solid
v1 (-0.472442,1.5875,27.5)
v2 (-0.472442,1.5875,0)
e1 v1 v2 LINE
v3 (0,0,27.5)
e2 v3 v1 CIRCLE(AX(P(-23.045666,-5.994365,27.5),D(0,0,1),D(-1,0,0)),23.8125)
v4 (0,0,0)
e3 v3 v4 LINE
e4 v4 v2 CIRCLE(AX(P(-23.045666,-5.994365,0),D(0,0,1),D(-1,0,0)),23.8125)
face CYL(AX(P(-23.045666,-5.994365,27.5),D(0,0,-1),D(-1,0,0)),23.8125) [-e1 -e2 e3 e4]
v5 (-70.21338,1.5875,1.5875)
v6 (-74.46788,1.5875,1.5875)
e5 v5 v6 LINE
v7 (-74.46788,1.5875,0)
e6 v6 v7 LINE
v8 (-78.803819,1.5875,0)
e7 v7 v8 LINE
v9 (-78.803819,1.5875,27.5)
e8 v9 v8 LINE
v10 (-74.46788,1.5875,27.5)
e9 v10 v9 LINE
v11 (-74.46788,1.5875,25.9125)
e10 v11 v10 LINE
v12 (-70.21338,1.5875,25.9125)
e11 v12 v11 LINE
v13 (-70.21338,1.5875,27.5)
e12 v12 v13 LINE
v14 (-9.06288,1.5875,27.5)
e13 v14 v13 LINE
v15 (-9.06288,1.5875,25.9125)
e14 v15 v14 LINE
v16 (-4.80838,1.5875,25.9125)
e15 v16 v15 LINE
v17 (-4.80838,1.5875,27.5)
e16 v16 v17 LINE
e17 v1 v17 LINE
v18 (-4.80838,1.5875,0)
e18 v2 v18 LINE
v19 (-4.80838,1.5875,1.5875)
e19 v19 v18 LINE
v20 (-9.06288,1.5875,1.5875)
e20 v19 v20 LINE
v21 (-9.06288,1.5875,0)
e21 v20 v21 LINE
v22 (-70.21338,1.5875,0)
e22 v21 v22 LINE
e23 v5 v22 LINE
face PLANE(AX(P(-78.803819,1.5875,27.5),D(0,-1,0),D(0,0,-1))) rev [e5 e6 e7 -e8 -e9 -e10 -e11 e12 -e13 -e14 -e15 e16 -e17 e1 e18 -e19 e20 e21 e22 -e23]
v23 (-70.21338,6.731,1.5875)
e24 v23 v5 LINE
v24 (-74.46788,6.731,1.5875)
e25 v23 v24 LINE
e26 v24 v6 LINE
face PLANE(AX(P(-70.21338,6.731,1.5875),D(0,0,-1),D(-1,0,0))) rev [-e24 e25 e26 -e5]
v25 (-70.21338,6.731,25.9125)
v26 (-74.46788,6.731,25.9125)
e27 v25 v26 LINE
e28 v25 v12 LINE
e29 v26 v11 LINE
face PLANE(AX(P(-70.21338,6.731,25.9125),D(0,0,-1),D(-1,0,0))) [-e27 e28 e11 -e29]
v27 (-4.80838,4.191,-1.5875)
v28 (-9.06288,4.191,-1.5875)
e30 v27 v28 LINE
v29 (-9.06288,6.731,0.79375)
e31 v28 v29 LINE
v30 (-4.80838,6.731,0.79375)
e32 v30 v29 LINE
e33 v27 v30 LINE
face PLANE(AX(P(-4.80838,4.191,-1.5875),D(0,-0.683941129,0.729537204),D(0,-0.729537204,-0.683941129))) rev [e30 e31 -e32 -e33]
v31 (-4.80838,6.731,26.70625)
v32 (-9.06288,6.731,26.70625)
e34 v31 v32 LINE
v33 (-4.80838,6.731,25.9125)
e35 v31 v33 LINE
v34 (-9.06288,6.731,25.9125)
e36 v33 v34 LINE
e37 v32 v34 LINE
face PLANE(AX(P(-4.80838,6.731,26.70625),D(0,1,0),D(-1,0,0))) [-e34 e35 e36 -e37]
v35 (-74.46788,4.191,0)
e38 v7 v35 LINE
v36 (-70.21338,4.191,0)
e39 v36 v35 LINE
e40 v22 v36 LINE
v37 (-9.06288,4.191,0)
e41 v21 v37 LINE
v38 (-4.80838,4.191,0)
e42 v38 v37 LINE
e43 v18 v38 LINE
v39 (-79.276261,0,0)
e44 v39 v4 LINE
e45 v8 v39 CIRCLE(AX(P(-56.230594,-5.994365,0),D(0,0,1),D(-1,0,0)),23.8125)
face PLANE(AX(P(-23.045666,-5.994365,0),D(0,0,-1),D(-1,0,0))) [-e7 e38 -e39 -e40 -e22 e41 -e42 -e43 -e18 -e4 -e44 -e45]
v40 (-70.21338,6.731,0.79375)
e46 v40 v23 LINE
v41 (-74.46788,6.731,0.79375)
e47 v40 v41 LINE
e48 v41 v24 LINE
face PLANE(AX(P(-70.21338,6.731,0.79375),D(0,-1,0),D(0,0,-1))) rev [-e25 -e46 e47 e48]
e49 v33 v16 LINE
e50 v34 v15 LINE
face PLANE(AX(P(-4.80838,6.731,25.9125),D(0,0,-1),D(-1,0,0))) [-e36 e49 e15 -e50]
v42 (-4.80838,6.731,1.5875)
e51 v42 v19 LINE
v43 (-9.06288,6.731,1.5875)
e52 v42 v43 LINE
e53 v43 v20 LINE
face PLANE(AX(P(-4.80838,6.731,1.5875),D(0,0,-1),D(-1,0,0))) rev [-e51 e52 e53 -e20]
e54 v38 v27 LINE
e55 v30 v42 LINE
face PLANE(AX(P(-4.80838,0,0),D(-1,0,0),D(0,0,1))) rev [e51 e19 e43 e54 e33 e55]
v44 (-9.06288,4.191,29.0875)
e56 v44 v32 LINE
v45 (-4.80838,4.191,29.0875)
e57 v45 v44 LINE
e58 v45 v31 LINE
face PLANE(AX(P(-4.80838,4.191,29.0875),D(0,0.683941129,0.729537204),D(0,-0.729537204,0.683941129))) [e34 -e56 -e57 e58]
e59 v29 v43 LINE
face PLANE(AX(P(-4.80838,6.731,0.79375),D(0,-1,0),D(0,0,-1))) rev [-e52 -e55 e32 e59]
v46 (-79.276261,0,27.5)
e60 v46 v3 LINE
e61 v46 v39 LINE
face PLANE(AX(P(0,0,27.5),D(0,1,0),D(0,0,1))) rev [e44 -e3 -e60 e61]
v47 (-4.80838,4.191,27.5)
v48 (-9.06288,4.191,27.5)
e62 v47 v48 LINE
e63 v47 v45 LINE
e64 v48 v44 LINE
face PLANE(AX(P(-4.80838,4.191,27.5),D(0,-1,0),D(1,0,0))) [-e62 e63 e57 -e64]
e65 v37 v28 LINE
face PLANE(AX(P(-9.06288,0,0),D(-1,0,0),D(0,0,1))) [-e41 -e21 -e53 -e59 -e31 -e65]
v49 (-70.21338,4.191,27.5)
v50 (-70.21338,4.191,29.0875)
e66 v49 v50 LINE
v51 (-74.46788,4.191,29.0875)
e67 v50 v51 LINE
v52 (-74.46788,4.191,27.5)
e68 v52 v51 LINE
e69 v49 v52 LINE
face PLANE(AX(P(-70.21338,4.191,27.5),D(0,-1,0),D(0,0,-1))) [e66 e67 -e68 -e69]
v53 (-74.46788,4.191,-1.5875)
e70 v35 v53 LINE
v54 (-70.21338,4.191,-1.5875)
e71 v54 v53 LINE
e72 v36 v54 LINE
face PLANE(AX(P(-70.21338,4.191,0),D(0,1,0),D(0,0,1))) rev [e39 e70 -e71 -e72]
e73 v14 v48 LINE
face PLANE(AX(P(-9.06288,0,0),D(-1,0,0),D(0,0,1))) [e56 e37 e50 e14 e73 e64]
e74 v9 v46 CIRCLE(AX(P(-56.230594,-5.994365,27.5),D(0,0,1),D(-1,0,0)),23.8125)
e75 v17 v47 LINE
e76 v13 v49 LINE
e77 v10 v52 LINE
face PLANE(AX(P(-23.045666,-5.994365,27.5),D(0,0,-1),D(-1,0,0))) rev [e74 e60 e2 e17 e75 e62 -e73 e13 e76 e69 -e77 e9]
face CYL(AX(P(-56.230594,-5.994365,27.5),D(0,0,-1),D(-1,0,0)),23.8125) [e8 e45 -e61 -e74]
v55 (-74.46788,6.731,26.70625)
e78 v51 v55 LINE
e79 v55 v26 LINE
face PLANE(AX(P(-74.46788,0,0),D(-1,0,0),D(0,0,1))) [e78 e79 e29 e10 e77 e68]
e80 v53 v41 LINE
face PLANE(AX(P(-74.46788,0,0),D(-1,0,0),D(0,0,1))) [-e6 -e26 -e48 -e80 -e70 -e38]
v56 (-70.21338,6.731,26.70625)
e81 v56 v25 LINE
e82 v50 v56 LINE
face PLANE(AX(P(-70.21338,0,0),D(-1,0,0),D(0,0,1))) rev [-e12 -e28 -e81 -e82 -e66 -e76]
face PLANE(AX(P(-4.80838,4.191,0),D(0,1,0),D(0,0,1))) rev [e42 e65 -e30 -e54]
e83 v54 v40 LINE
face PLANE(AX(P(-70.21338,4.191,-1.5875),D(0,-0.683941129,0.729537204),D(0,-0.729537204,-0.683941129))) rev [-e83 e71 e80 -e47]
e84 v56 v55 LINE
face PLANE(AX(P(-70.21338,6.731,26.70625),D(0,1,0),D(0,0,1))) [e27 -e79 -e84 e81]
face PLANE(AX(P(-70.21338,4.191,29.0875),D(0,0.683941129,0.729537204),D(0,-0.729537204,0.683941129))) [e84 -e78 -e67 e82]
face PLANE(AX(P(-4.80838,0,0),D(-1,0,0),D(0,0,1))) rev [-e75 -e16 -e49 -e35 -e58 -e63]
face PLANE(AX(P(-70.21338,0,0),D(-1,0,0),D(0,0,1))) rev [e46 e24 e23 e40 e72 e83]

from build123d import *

# Parameters (mm, degrees)
BOSS_EXTRUDE1_DEPTH  = 27.5
BOSS_EXTRUDE2_DEPTH  = 4.2545
LPATTERN2_COUNT      = 2
LPATTERN2_PITCH      = 65.405
MIRROR2_COPY_1_DEPTH = 4.2545


with BuildPart() as part:
    # Sketch1 → Boss-Extrude1 (new body)
    with BuildSketch(Plane.XY):
        with BuildLine():
            Line((0, 0), (-79.276260795, 0))
            ThreePointArc((-79.276260795, 0), (-79.053846694, 0.797858902), (-78.803819102, 1.5875))
            Line((-78.803819102, 1.5875), (-0.472441693, 1.5875))
            ThreePointArc((-0.472441693, 1.5875), (-0.222414101, 0.797858902), (0, 0))
        make_face()
    extrude(amount=BOSS_EXTRUDE1_DEPTH)

    # 3DSketch1 → Boss-Extrude2 (add)
    with BuildSketch(Plane(origin=(-4.808380397, 1.5875, 27.5), x_dir=(0, 0.9555235878955425, -0.2949146876220808), z_dir=(1, 0, 0))):
        Polygon((0, 0), (2.487705661, 0.767810389), (2.019528594, 2.284704085), (5.148824108, 0.758446848), (5.382912641, 0), (0.468177067, -1.516893696), align=None)
    boss_extrude2 = extrude(amount=-BOSS_EXTRUDE2_DEPTH)

    # LPattern2: Boss-Extrude2 ×2
    with Locations(*[(-i * LPATTERN2_PITCH, 0, 0) for i in range(1, LPATTERN2_COUNT)]):
        add(boss_extrude2)

    # Mirror2: Boss-Extrude2 across plane
    add(boss_extrude2.mirror(Plane.XY.offset(13.750000068)))

    # Mirror2 copy 1 sketch → Mirror2 copy 1 (add)
    with BuildSketch(Plane(origin=(-70.213380397, 1.5875, 1.36e-07), x_dir=(0, 0.9555235878955425, 0.2949146876220808), z_dir=(1, 0, 0))):
        Polygon((0, 0), (2.487705661, -0.767810389), (2.019528594, -2.284704085), (5.148824108, -0.758446848), (5.382912641, 0), (0.468177067, 1.516893696), align=None)
    extrude(amount=-MIRROR2_COPY_1_DEPTH)


solid = part.part
